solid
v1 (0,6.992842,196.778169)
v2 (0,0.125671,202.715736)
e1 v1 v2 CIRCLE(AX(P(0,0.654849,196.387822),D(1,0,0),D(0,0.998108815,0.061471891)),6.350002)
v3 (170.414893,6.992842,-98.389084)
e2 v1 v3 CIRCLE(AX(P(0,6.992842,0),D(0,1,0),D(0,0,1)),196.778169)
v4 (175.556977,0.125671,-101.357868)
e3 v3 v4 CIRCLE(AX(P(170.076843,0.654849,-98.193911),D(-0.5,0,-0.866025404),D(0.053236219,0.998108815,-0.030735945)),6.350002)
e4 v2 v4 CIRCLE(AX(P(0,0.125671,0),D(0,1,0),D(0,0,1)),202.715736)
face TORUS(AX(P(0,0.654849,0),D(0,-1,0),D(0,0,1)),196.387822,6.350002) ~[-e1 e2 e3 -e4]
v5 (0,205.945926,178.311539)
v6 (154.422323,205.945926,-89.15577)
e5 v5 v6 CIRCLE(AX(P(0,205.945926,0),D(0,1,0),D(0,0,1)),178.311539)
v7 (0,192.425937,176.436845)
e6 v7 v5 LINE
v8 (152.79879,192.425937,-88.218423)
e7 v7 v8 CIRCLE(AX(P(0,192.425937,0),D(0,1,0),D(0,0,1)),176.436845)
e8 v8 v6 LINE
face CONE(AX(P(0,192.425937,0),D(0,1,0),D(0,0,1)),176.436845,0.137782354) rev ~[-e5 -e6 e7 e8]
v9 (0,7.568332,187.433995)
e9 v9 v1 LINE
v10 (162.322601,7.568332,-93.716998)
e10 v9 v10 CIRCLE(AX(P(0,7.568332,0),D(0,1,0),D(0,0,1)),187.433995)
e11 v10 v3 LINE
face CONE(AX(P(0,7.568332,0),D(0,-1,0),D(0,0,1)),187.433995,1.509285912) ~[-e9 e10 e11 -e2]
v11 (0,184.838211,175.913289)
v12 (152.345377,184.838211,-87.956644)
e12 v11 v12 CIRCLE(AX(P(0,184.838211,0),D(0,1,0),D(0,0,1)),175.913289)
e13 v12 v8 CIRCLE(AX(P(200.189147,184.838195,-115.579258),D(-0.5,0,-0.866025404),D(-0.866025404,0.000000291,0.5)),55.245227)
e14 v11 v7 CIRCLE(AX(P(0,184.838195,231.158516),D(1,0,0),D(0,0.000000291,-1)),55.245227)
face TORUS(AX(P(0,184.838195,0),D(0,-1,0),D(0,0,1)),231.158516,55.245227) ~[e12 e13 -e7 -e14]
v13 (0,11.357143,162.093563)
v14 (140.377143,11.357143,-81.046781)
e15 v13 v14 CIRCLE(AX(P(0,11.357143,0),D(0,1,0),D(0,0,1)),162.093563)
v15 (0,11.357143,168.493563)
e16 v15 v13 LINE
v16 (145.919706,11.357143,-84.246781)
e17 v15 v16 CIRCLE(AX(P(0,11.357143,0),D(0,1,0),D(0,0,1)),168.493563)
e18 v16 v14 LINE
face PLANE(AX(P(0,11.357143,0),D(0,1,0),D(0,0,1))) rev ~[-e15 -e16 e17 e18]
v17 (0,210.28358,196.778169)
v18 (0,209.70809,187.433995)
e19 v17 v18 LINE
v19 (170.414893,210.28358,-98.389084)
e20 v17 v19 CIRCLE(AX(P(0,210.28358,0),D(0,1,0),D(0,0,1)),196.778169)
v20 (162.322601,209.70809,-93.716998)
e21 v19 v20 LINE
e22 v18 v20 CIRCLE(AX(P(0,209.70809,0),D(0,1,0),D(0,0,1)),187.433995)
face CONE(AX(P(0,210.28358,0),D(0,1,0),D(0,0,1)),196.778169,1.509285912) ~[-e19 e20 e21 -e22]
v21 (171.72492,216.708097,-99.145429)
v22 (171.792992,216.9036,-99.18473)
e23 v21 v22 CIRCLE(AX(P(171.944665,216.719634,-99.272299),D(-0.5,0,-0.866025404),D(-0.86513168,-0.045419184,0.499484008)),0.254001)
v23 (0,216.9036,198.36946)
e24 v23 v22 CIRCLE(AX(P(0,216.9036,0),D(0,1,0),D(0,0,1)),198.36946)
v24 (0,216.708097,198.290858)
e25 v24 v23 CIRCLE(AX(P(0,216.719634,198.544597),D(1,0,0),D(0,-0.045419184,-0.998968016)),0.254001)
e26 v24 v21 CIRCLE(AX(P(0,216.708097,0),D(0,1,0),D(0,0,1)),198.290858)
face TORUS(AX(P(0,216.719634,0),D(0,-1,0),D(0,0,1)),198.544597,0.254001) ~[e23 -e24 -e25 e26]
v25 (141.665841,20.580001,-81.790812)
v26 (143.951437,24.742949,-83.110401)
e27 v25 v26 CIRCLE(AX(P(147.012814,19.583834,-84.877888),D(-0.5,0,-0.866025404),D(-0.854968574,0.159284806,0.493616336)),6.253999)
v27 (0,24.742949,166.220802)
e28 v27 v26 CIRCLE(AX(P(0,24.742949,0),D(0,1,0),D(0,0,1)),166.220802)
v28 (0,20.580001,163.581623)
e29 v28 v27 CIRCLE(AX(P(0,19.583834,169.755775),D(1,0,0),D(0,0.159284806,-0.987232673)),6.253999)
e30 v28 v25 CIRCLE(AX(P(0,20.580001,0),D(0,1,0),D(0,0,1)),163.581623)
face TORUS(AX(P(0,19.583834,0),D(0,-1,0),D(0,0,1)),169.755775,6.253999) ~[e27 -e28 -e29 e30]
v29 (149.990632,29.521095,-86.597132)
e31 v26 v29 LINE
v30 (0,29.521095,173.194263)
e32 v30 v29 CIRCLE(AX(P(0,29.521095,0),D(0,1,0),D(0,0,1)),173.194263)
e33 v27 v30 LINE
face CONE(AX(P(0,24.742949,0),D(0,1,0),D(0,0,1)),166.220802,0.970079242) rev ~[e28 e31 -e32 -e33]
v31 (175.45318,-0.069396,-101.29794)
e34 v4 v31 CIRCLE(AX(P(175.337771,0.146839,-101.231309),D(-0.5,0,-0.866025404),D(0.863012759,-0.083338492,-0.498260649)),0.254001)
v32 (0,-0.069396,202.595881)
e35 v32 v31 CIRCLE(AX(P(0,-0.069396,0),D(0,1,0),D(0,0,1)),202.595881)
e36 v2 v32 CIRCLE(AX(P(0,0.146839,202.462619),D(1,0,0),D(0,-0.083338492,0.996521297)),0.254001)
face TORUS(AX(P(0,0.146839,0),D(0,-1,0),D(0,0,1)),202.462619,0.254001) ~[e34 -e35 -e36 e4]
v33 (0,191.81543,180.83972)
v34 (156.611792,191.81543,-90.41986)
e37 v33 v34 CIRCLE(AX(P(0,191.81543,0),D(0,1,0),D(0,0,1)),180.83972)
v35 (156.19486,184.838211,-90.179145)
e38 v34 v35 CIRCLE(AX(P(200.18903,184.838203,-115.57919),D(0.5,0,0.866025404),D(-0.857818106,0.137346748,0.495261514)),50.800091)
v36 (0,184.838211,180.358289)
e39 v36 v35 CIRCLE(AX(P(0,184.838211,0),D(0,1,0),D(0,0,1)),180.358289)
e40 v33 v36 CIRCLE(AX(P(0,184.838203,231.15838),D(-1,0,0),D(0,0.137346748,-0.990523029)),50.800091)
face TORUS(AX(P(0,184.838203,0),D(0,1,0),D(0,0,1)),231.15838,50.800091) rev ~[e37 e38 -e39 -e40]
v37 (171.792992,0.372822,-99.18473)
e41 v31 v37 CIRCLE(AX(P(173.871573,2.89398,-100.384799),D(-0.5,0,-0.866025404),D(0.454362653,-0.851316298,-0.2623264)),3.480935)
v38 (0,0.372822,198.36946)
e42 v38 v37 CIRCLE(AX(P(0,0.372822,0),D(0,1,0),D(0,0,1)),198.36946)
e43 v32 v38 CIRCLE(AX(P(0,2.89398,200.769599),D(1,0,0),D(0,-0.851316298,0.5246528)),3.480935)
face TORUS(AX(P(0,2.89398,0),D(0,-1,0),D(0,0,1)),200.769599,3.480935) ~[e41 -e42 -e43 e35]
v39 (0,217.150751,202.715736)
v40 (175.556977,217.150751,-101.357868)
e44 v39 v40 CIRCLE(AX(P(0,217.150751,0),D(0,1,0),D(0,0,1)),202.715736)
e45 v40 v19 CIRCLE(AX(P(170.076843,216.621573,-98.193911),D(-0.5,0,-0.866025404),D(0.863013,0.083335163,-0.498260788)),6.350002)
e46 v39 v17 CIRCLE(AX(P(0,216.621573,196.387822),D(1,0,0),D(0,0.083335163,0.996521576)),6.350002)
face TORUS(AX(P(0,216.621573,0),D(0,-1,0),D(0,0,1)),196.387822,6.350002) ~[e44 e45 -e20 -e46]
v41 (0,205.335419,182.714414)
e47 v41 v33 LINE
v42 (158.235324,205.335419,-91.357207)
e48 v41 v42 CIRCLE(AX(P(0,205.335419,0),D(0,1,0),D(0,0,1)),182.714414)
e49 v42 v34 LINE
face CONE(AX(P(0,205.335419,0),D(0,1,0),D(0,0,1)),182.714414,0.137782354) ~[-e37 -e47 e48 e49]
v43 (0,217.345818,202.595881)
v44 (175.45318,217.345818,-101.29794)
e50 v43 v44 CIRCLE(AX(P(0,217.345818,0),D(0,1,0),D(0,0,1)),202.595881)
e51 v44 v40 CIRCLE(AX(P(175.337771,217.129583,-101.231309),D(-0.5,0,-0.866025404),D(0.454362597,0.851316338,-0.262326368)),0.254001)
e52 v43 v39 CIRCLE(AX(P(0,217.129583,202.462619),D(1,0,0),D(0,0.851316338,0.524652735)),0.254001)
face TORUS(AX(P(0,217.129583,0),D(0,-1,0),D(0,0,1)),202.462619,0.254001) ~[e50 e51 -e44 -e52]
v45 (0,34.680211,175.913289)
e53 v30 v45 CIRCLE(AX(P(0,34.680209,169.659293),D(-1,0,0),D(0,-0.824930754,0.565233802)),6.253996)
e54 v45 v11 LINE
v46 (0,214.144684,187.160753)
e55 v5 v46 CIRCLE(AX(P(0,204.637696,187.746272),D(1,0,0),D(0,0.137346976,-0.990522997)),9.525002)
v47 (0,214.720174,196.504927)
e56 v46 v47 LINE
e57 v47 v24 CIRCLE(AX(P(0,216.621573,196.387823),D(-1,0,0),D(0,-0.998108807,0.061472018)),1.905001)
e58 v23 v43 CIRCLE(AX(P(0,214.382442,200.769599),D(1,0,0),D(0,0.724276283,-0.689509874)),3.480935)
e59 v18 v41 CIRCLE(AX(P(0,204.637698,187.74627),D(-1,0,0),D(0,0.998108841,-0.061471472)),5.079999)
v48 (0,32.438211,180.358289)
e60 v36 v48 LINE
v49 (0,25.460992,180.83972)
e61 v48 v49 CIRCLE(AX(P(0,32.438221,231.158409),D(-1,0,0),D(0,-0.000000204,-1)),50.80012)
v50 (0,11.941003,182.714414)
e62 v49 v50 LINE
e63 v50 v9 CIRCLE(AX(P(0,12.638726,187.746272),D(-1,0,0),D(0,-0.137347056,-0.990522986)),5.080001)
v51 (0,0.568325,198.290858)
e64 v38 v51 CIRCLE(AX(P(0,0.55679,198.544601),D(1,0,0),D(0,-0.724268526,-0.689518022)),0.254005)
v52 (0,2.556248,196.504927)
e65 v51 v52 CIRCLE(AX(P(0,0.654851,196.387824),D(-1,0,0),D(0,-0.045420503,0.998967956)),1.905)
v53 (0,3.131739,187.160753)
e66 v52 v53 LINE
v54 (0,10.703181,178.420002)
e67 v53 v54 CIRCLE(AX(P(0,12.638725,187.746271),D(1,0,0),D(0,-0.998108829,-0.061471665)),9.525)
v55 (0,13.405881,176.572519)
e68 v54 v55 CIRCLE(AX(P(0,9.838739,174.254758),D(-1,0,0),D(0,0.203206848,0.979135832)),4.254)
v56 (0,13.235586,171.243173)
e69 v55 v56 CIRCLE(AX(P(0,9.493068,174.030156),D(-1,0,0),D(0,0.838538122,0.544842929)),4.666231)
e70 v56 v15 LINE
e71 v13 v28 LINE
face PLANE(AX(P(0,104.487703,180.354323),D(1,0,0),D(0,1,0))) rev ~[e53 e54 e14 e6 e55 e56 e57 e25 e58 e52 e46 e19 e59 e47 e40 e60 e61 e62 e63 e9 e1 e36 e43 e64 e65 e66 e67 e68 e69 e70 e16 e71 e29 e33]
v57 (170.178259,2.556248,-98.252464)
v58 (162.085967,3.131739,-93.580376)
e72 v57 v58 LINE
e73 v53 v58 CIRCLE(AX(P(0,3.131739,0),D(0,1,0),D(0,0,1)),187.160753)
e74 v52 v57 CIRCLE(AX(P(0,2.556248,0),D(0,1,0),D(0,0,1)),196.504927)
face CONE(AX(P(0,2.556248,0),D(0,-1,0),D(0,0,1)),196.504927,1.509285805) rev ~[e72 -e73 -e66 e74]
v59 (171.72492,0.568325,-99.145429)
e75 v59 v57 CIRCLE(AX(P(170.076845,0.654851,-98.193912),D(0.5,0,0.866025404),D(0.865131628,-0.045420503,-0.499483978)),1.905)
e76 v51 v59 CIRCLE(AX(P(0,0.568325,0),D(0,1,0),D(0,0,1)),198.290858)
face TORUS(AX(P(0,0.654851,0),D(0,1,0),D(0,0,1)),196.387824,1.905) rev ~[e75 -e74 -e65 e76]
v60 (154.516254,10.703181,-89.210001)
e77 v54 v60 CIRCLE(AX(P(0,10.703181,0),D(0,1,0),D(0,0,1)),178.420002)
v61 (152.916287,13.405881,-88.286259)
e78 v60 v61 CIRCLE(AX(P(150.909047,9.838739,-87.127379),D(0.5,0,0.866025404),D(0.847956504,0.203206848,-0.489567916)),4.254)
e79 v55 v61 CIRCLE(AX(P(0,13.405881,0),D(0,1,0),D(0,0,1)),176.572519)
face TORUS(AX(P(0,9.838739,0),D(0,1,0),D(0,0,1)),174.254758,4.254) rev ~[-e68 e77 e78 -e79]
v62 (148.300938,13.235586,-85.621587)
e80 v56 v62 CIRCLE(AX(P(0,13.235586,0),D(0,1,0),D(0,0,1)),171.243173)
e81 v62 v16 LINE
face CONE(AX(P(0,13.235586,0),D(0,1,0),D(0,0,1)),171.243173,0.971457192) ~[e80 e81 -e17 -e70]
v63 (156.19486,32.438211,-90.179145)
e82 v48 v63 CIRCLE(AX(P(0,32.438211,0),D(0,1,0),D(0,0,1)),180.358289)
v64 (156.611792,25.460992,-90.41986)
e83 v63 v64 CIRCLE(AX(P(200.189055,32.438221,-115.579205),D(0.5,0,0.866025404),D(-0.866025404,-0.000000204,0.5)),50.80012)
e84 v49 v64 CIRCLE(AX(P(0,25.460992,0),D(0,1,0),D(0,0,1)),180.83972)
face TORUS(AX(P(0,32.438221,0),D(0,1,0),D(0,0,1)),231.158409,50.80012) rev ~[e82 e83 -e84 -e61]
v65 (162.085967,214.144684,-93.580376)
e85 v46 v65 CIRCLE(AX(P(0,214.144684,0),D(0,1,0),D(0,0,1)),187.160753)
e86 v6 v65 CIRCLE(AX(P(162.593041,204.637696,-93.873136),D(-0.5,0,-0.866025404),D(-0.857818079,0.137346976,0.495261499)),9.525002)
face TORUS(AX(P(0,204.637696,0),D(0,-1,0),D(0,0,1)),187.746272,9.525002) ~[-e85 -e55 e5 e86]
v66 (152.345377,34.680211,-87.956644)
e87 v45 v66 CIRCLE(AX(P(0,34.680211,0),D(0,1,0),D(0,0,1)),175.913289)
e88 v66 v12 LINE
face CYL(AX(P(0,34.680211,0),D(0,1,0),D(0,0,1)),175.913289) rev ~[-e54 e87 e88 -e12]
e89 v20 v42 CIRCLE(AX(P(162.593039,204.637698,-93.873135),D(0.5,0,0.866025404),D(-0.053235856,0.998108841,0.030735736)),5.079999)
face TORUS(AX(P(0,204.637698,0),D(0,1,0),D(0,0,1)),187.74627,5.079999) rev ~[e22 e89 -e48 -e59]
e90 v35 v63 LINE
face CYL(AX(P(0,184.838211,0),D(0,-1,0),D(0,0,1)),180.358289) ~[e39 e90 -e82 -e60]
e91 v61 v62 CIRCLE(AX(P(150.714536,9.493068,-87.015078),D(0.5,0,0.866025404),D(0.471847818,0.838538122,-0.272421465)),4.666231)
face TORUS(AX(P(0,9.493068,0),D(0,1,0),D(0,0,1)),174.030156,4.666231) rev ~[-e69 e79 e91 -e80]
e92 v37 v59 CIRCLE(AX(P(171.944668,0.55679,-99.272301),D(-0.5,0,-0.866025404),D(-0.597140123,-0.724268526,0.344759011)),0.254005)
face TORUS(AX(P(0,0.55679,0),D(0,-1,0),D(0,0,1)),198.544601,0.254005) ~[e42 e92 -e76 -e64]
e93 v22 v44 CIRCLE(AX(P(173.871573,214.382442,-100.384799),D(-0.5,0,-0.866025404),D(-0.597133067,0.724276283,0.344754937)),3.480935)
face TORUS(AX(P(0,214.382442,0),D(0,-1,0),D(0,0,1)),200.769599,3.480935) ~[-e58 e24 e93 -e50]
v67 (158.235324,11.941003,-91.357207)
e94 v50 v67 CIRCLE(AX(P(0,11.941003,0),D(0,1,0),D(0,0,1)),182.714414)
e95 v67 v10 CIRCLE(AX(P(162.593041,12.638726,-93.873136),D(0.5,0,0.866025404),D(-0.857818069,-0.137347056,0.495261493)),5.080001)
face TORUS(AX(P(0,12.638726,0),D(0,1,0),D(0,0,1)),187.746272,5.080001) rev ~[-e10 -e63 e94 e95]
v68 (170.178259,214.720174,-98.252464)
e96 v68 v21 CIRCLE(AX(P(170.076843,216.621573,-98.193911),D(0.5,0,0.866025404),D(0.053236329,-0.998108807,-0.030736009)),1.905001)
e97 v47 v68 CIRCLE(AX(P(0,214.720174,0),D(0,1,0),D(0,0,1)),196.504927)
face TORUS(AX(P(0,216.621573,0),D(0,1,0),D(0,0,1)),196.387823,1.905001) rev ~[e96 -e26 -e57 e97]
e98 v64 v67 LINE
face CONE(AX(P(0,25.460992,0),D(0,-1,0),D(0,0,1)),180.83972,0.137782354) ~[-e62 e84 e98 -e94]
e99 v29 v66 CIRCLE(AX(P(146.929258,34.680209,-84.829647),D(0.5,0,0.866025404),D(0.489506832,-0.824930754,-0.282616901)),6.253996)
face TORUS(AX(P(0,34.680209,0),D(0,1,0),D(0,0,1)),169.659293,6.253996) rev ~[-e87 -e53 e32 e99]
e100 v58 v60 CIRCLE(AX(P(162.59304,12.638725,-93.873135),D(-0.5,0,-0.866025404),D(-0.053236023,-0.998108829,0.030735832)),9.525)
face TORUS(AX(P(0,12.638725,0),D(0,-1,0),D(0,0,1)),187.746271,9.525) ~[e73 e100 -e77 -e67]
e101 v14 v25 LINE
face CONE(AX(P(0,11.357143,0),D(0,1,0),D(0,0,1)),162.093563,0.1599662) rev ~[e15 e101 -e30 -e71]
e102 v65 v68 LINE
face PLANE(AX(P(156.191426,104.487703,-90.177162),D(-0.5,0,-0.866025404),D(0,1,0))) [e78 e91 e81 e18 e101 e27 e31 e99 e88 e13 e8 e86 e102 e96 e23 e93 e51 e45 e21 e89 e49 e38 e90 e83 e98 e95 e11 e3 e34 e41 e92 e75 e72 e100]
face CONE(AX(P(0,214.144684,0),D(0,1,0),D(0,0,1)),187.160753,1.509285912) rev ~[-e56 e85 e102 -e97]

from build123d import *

# Parameters (mm, degrees)
F1_ANGLE = 120


with BuildPart() as f1:
    # F0 (on Right) → F1 (revolve)
    with BuildSketch(Plane.YZ):
        with BuildLine():
            Line((7.568332, 187.433995), (6.992842, 196.778169))
            ThreePointArc((6.992842, 196.778169), (4.808072, 201.191286), (0.125671, 202.715736))
            ThreePointArc((0.125671, 202.715736), (0.013868, 202.679033), (-0.069396, 202.595881))
            ThreePointArc((-0.069396, 202.595881), (-0.568055, 200.40736), (0.372822, 198.36946))
            ThreePointArc((0.372822, 198.36946), (0.462039, 198.30893), (0.568325, 198.290858))
            ThreePointArc((0.568325, 198.290858), (1.927968, 197.804933), (2.556248, 196.504927))
            Line((2.556248, 196.504927), (3.131739, 187.160753))
            ThreePointArc((3.131739, 187.160753), (5.439207, 181.509881), (10.703181, 178.420002))
            ThreePointArc((10.703181, 178.420002), (12.239371, 177.766664), (13.405881, 176.572519))
            ThreePointArc((13.405881, 176.572519), (14.156919, 173.881127), (13.235586, 171.243173))
            Line((13.235586, 171.243173), (11.357143, 168.493563))
            Line((11.357143, 168.493563), (11.357143, 162.093563))
            Line((11.357143, 162.093563), (20.580001, 163.581623))
            ThreePointArc((20.580001, 163.581623), (22.932444, 164.473795), (24.742949, 166.220802))
            Line((24.742949, 166.220802), (29.521095, 173.194263))
            ThreePointArc((29.521095, 173.194263), (31.764324, 175.191931), (34.680211, 175.913289))
            Line((34.680211, 175.913289), (108.638211, 175.913289))
            Line((108.638211, 175.913289), (184.838211, 175.913289))
            ThreePointArc((184.838211, 175.913289), (188.641095, 176.044334), (192.425937, 176.436845))
            Line((192.425937, 176.436845), (205.945926, 178.311539))
            ThreePointArc((205.945926, 178.311539), (211.624783, 181.272767), (214.144684, 187.160753))
            Line((214.144684, 187.160753), (214.720174, 196.504927))
            ThreePointArc((214.720174, 196.504927), (215.348455, 197.804933), (216.708097, 198.290858))
            ThreePointArc((216.708097, 198.290858), (216.814384, 198.30893), (216.9036, 198.36946))
            ThreePointArc((216.9036, 198.36946), (217.844477, 200.40736), (217.345818, 202.595881))
            ThreePointArc((217.345818, 202.595881), (217.262554, 202.679033), (217.150751, 202.715736))
            ThreePointArc((217.150751, 202.715736), (212.46835, 201.191286), (210.28358, 196.778169))
            Line((210.28358, 196.778169), (209.70809, 187.433995))
            ThreePointArc((209.70809, 187.433995), (208.364143, 184.293735), (205.335419, 182.714414))
            Line((205.335419, 182.714414), (191.81543, 180.83972))
            ThreePointArc((191.81543, 180.83972), (188.335116, 180.47879), (184.838211, 180.358289))
            Line((184.838211, 180.358289), (108.638211, 180.358289))
            Line((108.638211, 180.358289), (32.438211, 180.358289))
            ThreePointArc((32.438211, 180.358289), (28.941307, 180.47879), (25.460992, 180.83972))
            Line((25.460992, 180.83972), (11.941003, 182.714414))
            ThreePointArc((11.941003, 182.714414), (8.91228, 184.293735), (7.568332, 187.433995))
        make_face()
    revolve(axis=Axis((0, 97.833, 0), (0, 1, 0)), revolution_arc=F1_ANGLE)


solid = f1.part
